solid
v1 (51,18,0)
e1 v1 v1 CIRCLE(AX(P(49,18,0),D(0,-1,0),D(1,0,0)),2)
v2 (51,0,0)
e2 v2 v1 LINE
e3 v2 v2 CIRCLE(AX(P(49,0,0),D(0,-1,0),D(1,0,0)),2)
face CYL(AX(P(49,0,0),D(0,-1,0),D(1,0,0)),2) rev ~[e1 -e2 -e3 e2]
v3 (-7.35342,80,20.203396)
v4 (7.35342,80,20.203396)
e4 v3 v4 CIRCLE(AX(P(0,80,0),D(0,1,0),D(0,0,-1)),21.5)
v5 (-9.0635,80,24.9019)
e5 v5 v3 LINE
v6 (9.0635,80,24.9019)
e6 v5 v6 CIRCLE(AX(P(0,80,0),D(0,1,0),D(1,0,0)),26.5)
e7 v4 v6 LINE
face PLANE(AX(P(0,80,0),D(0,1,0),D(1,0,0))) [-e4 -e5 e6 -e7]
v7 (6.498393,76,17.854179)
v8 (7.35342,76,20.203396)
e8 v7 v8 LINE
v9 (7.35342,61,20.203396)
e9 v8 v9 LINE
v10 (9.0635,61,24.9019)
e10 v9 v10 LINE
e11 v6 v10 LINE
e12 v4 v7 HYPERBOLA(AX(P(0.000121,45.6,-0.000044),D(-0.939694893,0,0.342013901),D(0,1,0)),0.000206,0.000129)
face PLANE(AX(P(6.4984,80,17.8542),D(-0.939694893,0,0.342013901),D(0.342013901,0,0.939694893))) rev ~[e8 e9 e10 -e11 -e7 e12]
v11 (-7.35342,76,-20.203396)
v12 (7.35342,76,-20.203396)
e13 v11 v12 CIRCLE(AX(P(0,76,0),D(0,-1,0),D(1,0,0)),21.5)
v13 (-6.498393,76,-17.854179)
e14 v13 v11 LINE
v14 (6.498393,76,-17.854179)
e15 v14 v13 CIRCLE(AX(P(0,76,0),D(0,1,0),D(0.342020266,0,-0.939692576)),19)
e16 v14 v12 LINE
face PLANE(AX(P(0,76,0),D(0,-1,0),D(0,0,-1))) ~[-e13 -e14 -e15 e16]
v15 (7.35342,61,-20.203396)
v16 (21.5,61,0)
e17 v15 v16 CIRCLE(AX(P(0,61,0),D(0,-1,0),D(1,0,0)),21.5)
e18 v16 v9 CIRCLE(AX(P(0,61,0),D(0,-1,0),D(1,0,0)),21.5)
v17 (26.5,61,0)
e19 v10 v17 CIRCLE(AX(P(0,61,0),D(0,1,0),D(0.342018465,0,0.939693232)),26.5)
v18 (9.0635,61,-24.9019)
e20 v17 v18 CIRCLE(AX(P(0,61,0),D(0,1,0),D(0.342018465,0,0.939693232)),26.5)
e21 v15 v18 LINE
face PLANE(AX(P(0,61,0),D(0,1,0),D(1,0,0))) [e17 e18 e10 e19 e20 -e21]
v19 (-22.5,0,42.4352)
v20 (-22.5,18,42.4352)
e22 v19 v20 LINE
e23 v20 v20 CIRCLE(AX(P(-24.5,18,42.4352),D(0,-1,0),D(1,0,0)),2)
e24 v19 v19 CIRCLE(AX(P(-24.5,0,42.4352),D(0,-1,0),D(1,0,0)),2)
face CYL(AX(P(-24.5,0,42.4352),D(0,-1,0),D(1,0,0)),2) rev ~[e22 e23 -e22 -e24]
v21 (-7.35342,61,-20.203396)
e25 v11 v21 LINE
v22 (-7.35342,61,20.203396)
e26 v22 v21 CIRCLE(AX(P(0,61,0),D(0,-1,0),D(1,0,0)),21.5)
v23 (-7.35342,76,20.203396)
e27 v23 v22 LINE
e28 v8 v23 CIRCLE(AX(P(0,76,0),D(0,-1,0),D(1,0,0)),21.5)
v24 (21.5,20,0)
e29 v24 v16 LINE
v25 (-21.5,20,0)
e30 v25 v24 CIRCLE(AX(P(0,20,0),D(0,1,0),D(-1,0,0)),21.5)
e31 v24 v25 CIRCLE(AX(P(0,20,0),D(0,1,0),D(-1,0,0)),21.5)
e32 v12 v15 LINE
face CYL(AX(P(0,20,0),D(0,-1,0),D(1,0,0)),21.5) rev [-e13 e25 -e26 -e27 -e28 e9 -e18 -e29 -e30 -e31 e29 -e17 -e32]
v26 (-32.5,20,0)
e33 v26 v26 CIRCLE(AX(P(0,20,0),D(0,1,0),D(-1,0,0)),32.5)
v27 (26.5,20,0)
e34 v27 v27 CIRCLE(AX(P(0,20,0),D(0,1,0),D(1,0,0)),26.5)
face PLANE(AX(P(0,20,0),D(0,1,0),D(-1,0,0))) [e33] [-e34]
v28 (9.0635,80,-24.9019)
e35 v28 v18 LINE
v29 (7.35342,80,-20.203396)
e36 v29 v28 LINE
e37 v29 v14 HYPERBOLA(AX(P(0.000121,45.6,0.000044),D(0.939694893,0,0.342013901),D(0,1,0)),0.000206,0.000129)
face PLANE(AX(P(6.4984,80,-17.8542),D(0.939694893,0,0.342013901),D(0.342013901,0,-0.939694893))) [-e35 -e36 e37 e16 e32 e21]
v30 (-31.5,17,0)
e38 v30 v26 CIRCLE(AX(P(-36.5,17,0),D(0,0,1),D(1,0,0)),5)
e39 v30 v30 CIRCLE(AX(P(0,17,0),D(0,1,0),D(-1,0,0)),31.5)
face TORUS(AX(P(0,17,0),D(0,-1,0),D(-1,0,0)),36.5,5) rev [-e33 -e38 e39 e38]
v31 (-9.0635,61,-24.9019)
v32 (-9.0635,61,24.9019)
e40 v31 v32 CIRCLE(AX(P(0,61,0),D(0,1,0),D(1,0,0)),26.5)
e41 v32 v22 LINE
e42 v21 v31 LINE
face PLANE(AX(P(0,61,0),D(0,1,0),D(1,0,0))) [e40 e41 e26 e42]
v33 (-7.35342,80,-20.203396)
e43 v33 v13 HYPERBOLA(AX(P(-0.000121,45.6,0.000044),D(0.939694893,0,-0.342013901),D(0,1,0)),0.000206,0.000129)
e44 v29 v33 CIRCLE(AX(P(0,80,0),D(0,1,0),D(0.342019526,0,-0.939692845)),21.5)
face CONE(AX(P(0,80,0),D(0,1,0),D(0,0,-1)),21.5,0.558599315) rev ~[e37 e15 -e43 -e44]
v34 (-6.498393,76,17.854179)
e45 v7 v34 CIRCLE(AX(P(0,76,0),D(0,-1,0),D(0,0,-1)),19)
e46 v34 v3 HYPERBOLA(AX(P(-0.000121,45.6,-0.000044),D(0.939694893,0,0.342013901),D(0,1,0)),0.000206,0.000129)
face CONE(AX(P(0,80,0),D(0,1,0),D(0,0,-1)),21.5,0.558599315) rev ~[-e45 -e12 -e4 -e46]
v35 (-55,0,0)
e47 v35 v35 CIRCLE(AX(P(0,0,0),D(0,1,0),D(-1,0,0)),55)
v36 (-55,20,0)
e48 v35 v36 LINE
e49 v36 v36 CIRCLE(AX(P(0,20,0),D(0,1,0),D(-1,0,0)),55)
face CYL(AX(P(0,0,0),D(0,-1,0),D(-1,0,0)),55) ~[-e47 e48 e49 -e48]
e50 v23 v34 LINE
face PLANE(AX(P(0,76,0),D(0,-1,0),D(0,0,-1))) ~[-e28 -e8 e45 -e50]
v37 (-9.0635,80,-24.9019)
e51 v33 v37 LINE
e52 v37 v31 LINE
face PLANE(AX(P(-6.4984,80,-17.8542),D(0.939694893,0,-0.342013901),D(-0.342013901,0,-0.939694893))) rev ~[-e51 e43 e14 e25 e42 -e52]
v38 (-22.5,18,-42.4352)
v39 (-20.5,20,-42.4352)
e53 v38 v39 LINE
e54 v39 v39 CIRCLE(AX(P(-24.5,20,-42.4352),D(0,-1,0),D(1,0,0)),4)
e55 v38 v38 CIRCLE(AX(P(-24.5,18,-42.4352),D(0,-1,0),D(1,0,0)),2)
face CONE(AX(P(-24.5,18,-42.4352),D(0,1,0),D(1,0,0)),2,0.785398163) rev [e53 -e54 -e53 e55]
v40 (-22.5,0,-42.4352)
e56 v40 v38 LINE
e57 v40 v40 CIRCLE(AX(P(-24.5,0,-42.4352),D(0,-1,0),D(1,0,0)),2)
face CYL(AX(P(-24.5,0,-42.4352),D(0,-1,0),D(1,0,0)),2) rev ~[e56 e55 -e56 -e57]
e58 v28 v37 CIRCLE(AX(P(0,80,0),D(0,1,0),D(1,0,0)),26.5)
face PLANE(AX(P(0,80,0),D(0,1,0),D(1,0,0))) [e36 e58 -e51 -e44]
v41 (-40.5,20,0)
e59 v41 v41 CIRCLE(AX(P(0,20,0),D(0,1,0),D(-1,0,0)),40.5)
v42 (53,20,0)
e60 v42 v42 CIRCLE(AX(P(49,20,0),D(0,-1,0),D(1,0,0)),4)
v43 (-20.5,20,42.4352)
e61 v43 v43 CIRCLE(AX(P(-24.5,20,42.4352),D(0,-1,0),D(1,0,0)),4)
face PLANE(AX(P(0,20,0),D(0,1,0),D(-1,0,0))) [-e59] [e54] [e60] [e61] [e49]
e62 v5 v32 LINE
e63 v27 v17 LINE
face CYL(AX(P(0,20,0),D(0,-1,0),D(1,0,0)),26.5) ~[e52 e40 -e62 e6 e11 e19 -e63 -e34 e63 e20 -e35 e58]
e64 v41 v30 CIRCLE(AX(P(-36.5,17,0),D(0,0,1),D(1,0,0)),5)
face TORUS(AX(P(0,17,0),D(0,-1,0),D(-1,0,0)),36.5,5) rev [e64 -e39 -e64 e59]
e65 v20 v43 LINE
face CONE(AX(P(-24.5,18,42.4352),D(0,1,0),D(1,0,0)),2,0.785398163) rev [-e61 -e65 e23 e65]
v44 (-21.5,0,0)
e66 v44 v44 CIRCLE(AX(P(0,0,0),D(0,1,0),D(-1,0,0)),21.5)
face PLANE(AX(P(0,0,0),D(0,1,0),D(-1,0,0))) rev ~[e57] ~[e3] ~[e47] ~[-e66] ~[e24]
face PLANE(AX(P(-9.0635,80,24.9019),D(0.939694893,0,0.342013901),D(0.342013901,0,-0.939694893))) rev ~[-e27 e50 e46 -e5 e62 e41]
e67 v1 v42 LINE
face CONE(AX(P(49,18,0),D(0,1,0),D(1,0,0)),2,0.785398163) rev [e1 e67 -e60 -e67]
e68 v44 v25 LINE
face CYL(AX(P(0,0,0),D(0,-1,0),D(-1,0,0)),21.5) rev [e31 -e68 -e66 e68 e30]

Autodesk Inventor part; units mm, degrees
ref_plane "YZ Plane" through (0, 0, 0) normal (1, 0, 0) x (0, 1, 0)
ref_plane "XZ Plane" through (0, 0, 0) normal (0, 1, 0) x (-1, 0, 0)
ref_plane "XY Plane" through (0, 0, 0) normal (0, 0, 1) x (1, 0, 0)
sketch "Sketch1" plane through (0, 0, 0) normal (0, 1, 0) x (-1, 0, 0)
  circle A0 centre (0, 0) radius 21.5
  circle A1 centre (0, 0) radius 55
  dimension "d0" = 43
  dimension "d1" = 110
extrude "Extrusion1" add sketch "Sketch1" along normal blind 20
sketch "Sketch2" plane through (0, 0, 0) normal (0, 0, 1) x (1, 0, 0)
  line L0 (0, 0) -> (0, 20)
  line L1 (55, 20) -> (-55, 20) projected
  circle A0 centre (-36.5, 17) radius 5
  line L2 (-21.5, 0) -> (-21.5, 20) construction
  line L3 (-21.5, 20) -> (-21.5, 0) construction
  dimension "d4" = 10
  dimension "d5" = 15
revolve "Revolution1" cut sketch "Sketch2" angle 360 about axis through (0, 0, 0) along (0, 1, 0)
sketch "Sketch3" plane through (0, 20, 0) normal (0, 1, 0) x (1, 0, 0)
  circle A0 centre (0, 0) radius 21.5
  circle A1 centre (0, 0) radius 26.5
  circle A2 centre (0, 0) radius 21.5 projected
  dimension "d18" = 43
  dimension "d19" = 43
  dimension "d20" = 53
extrude "Extrusion2" add sketch "Sketch3" along normal blind 60
sketch "Sketch4" plane through (0, 0, 0) normal (1, 0, 0) x (0, 1, 0)
  line L0 (80, 21.5) -> (80, -21.5) projected
  line L1 (80, -21.5) -> (76, -19)
  line L2 (76, -19) -> (76, -21.5)
  line L3 (0, -21.5) -> (80, -21.5) projected
  line L4 (80, -21.5) -> (76, -21.5)
  line L5 (80, 0) -> (74, 0)
  point P0 (0, 0)
  dimension "d9" = 2.5
revolve "Revolution2" add sketch "Sketch4" angle 360 about axis through (0, 80, 0) along (0, -1, 0)
sketch "Sketch5" plane through (0, 80, 0) normal (0, 1, 0) x (1, 0, 0)
  line L0 (0, 4) -> (0, -4)
  line L1 (0, 0) -> (6.4984, 17.8542) construction
  line L2 (0, 0) -> (-6.4984, 17.8542) construction
  line L3 (0, 0) -> (9.0635, 24.9019) construction
  line L4 (0, 0) -> (0, 0) construction
  circle A0 centre (0, 0) radius 26.5 projected
  arc A1 (-9.0635, 24.9019) -> (-9.0635, -24.9019) centre (0, 0) ccw
  line L5 (0, 0) -> (-9.0635, -24.9019) construction
  line L6 (0, 0) -> (-9.0635, 24.9019) construction
  arc A2 (9.0635, -24.9019) -> (9.0635, 24.9019) centre (0, 0) ccw
  line L7 (0, 0) -> (9.0635, -24.9019) construction
  line L8 (0, 0) -> (9.0635, 24.9019) construction
  circle A3 centre (0, 0) radius 19 projected
  arc A4 (-6.4984, 17.8542) -> (-6.4984, -17.8542) centre (0, 0) ccw
  arc A5 (6.4984, -17.8542) -> (6.4984, 17.8542) centre (0, 0) ccw
  line L9 (-9.0635, -24.9019) -> (-6.4984, -17.8542)
  line L10 (6.4984, -17.8542) -> (9.0635, -24.9019)
  line L11 (6.4984, 17.8542) -> (9.0635, 24.9019)
  line L12 (-6.4984, 17.8542) -> (-9.0635, 24.9019)
  dimension "d22" = 40
  dimension "d23" = 40
  dimension "d24" = 20
  dimension "d25" = 20
  dimension "d26" = 140
  dimension "d27" = 140
extrude "Extrusion3" cut sketch "Sketch5" against normal blind 19 contours A0 L10 A3 L11 | L12 A3 L9 A0
sketch "Sketch6" plane through (0, 0, 0) normal (0, -1, 0) x (1, 0, 0)
  circle A0 centre (49, 0) radius 2
  circle A1 centre (-24.5, 42.4352) radius 2
  circle A2 centre (-24.5, -42.4352) radius 2
  point P0 (0, 0)
  dimension "d32" = 360
extrude "Extrusion4" cut sketch "Sketch6" against normal up to surface (20 mm away)
chamfer "Chamfer2" distance 2 angle 45 3 edges at (-26.5, 20, -42.4352) (-26.5, 20, 42.4352) (47, 20, 0)
equation "\"d19\" = d18"
properties part number "Blower Attachement"
